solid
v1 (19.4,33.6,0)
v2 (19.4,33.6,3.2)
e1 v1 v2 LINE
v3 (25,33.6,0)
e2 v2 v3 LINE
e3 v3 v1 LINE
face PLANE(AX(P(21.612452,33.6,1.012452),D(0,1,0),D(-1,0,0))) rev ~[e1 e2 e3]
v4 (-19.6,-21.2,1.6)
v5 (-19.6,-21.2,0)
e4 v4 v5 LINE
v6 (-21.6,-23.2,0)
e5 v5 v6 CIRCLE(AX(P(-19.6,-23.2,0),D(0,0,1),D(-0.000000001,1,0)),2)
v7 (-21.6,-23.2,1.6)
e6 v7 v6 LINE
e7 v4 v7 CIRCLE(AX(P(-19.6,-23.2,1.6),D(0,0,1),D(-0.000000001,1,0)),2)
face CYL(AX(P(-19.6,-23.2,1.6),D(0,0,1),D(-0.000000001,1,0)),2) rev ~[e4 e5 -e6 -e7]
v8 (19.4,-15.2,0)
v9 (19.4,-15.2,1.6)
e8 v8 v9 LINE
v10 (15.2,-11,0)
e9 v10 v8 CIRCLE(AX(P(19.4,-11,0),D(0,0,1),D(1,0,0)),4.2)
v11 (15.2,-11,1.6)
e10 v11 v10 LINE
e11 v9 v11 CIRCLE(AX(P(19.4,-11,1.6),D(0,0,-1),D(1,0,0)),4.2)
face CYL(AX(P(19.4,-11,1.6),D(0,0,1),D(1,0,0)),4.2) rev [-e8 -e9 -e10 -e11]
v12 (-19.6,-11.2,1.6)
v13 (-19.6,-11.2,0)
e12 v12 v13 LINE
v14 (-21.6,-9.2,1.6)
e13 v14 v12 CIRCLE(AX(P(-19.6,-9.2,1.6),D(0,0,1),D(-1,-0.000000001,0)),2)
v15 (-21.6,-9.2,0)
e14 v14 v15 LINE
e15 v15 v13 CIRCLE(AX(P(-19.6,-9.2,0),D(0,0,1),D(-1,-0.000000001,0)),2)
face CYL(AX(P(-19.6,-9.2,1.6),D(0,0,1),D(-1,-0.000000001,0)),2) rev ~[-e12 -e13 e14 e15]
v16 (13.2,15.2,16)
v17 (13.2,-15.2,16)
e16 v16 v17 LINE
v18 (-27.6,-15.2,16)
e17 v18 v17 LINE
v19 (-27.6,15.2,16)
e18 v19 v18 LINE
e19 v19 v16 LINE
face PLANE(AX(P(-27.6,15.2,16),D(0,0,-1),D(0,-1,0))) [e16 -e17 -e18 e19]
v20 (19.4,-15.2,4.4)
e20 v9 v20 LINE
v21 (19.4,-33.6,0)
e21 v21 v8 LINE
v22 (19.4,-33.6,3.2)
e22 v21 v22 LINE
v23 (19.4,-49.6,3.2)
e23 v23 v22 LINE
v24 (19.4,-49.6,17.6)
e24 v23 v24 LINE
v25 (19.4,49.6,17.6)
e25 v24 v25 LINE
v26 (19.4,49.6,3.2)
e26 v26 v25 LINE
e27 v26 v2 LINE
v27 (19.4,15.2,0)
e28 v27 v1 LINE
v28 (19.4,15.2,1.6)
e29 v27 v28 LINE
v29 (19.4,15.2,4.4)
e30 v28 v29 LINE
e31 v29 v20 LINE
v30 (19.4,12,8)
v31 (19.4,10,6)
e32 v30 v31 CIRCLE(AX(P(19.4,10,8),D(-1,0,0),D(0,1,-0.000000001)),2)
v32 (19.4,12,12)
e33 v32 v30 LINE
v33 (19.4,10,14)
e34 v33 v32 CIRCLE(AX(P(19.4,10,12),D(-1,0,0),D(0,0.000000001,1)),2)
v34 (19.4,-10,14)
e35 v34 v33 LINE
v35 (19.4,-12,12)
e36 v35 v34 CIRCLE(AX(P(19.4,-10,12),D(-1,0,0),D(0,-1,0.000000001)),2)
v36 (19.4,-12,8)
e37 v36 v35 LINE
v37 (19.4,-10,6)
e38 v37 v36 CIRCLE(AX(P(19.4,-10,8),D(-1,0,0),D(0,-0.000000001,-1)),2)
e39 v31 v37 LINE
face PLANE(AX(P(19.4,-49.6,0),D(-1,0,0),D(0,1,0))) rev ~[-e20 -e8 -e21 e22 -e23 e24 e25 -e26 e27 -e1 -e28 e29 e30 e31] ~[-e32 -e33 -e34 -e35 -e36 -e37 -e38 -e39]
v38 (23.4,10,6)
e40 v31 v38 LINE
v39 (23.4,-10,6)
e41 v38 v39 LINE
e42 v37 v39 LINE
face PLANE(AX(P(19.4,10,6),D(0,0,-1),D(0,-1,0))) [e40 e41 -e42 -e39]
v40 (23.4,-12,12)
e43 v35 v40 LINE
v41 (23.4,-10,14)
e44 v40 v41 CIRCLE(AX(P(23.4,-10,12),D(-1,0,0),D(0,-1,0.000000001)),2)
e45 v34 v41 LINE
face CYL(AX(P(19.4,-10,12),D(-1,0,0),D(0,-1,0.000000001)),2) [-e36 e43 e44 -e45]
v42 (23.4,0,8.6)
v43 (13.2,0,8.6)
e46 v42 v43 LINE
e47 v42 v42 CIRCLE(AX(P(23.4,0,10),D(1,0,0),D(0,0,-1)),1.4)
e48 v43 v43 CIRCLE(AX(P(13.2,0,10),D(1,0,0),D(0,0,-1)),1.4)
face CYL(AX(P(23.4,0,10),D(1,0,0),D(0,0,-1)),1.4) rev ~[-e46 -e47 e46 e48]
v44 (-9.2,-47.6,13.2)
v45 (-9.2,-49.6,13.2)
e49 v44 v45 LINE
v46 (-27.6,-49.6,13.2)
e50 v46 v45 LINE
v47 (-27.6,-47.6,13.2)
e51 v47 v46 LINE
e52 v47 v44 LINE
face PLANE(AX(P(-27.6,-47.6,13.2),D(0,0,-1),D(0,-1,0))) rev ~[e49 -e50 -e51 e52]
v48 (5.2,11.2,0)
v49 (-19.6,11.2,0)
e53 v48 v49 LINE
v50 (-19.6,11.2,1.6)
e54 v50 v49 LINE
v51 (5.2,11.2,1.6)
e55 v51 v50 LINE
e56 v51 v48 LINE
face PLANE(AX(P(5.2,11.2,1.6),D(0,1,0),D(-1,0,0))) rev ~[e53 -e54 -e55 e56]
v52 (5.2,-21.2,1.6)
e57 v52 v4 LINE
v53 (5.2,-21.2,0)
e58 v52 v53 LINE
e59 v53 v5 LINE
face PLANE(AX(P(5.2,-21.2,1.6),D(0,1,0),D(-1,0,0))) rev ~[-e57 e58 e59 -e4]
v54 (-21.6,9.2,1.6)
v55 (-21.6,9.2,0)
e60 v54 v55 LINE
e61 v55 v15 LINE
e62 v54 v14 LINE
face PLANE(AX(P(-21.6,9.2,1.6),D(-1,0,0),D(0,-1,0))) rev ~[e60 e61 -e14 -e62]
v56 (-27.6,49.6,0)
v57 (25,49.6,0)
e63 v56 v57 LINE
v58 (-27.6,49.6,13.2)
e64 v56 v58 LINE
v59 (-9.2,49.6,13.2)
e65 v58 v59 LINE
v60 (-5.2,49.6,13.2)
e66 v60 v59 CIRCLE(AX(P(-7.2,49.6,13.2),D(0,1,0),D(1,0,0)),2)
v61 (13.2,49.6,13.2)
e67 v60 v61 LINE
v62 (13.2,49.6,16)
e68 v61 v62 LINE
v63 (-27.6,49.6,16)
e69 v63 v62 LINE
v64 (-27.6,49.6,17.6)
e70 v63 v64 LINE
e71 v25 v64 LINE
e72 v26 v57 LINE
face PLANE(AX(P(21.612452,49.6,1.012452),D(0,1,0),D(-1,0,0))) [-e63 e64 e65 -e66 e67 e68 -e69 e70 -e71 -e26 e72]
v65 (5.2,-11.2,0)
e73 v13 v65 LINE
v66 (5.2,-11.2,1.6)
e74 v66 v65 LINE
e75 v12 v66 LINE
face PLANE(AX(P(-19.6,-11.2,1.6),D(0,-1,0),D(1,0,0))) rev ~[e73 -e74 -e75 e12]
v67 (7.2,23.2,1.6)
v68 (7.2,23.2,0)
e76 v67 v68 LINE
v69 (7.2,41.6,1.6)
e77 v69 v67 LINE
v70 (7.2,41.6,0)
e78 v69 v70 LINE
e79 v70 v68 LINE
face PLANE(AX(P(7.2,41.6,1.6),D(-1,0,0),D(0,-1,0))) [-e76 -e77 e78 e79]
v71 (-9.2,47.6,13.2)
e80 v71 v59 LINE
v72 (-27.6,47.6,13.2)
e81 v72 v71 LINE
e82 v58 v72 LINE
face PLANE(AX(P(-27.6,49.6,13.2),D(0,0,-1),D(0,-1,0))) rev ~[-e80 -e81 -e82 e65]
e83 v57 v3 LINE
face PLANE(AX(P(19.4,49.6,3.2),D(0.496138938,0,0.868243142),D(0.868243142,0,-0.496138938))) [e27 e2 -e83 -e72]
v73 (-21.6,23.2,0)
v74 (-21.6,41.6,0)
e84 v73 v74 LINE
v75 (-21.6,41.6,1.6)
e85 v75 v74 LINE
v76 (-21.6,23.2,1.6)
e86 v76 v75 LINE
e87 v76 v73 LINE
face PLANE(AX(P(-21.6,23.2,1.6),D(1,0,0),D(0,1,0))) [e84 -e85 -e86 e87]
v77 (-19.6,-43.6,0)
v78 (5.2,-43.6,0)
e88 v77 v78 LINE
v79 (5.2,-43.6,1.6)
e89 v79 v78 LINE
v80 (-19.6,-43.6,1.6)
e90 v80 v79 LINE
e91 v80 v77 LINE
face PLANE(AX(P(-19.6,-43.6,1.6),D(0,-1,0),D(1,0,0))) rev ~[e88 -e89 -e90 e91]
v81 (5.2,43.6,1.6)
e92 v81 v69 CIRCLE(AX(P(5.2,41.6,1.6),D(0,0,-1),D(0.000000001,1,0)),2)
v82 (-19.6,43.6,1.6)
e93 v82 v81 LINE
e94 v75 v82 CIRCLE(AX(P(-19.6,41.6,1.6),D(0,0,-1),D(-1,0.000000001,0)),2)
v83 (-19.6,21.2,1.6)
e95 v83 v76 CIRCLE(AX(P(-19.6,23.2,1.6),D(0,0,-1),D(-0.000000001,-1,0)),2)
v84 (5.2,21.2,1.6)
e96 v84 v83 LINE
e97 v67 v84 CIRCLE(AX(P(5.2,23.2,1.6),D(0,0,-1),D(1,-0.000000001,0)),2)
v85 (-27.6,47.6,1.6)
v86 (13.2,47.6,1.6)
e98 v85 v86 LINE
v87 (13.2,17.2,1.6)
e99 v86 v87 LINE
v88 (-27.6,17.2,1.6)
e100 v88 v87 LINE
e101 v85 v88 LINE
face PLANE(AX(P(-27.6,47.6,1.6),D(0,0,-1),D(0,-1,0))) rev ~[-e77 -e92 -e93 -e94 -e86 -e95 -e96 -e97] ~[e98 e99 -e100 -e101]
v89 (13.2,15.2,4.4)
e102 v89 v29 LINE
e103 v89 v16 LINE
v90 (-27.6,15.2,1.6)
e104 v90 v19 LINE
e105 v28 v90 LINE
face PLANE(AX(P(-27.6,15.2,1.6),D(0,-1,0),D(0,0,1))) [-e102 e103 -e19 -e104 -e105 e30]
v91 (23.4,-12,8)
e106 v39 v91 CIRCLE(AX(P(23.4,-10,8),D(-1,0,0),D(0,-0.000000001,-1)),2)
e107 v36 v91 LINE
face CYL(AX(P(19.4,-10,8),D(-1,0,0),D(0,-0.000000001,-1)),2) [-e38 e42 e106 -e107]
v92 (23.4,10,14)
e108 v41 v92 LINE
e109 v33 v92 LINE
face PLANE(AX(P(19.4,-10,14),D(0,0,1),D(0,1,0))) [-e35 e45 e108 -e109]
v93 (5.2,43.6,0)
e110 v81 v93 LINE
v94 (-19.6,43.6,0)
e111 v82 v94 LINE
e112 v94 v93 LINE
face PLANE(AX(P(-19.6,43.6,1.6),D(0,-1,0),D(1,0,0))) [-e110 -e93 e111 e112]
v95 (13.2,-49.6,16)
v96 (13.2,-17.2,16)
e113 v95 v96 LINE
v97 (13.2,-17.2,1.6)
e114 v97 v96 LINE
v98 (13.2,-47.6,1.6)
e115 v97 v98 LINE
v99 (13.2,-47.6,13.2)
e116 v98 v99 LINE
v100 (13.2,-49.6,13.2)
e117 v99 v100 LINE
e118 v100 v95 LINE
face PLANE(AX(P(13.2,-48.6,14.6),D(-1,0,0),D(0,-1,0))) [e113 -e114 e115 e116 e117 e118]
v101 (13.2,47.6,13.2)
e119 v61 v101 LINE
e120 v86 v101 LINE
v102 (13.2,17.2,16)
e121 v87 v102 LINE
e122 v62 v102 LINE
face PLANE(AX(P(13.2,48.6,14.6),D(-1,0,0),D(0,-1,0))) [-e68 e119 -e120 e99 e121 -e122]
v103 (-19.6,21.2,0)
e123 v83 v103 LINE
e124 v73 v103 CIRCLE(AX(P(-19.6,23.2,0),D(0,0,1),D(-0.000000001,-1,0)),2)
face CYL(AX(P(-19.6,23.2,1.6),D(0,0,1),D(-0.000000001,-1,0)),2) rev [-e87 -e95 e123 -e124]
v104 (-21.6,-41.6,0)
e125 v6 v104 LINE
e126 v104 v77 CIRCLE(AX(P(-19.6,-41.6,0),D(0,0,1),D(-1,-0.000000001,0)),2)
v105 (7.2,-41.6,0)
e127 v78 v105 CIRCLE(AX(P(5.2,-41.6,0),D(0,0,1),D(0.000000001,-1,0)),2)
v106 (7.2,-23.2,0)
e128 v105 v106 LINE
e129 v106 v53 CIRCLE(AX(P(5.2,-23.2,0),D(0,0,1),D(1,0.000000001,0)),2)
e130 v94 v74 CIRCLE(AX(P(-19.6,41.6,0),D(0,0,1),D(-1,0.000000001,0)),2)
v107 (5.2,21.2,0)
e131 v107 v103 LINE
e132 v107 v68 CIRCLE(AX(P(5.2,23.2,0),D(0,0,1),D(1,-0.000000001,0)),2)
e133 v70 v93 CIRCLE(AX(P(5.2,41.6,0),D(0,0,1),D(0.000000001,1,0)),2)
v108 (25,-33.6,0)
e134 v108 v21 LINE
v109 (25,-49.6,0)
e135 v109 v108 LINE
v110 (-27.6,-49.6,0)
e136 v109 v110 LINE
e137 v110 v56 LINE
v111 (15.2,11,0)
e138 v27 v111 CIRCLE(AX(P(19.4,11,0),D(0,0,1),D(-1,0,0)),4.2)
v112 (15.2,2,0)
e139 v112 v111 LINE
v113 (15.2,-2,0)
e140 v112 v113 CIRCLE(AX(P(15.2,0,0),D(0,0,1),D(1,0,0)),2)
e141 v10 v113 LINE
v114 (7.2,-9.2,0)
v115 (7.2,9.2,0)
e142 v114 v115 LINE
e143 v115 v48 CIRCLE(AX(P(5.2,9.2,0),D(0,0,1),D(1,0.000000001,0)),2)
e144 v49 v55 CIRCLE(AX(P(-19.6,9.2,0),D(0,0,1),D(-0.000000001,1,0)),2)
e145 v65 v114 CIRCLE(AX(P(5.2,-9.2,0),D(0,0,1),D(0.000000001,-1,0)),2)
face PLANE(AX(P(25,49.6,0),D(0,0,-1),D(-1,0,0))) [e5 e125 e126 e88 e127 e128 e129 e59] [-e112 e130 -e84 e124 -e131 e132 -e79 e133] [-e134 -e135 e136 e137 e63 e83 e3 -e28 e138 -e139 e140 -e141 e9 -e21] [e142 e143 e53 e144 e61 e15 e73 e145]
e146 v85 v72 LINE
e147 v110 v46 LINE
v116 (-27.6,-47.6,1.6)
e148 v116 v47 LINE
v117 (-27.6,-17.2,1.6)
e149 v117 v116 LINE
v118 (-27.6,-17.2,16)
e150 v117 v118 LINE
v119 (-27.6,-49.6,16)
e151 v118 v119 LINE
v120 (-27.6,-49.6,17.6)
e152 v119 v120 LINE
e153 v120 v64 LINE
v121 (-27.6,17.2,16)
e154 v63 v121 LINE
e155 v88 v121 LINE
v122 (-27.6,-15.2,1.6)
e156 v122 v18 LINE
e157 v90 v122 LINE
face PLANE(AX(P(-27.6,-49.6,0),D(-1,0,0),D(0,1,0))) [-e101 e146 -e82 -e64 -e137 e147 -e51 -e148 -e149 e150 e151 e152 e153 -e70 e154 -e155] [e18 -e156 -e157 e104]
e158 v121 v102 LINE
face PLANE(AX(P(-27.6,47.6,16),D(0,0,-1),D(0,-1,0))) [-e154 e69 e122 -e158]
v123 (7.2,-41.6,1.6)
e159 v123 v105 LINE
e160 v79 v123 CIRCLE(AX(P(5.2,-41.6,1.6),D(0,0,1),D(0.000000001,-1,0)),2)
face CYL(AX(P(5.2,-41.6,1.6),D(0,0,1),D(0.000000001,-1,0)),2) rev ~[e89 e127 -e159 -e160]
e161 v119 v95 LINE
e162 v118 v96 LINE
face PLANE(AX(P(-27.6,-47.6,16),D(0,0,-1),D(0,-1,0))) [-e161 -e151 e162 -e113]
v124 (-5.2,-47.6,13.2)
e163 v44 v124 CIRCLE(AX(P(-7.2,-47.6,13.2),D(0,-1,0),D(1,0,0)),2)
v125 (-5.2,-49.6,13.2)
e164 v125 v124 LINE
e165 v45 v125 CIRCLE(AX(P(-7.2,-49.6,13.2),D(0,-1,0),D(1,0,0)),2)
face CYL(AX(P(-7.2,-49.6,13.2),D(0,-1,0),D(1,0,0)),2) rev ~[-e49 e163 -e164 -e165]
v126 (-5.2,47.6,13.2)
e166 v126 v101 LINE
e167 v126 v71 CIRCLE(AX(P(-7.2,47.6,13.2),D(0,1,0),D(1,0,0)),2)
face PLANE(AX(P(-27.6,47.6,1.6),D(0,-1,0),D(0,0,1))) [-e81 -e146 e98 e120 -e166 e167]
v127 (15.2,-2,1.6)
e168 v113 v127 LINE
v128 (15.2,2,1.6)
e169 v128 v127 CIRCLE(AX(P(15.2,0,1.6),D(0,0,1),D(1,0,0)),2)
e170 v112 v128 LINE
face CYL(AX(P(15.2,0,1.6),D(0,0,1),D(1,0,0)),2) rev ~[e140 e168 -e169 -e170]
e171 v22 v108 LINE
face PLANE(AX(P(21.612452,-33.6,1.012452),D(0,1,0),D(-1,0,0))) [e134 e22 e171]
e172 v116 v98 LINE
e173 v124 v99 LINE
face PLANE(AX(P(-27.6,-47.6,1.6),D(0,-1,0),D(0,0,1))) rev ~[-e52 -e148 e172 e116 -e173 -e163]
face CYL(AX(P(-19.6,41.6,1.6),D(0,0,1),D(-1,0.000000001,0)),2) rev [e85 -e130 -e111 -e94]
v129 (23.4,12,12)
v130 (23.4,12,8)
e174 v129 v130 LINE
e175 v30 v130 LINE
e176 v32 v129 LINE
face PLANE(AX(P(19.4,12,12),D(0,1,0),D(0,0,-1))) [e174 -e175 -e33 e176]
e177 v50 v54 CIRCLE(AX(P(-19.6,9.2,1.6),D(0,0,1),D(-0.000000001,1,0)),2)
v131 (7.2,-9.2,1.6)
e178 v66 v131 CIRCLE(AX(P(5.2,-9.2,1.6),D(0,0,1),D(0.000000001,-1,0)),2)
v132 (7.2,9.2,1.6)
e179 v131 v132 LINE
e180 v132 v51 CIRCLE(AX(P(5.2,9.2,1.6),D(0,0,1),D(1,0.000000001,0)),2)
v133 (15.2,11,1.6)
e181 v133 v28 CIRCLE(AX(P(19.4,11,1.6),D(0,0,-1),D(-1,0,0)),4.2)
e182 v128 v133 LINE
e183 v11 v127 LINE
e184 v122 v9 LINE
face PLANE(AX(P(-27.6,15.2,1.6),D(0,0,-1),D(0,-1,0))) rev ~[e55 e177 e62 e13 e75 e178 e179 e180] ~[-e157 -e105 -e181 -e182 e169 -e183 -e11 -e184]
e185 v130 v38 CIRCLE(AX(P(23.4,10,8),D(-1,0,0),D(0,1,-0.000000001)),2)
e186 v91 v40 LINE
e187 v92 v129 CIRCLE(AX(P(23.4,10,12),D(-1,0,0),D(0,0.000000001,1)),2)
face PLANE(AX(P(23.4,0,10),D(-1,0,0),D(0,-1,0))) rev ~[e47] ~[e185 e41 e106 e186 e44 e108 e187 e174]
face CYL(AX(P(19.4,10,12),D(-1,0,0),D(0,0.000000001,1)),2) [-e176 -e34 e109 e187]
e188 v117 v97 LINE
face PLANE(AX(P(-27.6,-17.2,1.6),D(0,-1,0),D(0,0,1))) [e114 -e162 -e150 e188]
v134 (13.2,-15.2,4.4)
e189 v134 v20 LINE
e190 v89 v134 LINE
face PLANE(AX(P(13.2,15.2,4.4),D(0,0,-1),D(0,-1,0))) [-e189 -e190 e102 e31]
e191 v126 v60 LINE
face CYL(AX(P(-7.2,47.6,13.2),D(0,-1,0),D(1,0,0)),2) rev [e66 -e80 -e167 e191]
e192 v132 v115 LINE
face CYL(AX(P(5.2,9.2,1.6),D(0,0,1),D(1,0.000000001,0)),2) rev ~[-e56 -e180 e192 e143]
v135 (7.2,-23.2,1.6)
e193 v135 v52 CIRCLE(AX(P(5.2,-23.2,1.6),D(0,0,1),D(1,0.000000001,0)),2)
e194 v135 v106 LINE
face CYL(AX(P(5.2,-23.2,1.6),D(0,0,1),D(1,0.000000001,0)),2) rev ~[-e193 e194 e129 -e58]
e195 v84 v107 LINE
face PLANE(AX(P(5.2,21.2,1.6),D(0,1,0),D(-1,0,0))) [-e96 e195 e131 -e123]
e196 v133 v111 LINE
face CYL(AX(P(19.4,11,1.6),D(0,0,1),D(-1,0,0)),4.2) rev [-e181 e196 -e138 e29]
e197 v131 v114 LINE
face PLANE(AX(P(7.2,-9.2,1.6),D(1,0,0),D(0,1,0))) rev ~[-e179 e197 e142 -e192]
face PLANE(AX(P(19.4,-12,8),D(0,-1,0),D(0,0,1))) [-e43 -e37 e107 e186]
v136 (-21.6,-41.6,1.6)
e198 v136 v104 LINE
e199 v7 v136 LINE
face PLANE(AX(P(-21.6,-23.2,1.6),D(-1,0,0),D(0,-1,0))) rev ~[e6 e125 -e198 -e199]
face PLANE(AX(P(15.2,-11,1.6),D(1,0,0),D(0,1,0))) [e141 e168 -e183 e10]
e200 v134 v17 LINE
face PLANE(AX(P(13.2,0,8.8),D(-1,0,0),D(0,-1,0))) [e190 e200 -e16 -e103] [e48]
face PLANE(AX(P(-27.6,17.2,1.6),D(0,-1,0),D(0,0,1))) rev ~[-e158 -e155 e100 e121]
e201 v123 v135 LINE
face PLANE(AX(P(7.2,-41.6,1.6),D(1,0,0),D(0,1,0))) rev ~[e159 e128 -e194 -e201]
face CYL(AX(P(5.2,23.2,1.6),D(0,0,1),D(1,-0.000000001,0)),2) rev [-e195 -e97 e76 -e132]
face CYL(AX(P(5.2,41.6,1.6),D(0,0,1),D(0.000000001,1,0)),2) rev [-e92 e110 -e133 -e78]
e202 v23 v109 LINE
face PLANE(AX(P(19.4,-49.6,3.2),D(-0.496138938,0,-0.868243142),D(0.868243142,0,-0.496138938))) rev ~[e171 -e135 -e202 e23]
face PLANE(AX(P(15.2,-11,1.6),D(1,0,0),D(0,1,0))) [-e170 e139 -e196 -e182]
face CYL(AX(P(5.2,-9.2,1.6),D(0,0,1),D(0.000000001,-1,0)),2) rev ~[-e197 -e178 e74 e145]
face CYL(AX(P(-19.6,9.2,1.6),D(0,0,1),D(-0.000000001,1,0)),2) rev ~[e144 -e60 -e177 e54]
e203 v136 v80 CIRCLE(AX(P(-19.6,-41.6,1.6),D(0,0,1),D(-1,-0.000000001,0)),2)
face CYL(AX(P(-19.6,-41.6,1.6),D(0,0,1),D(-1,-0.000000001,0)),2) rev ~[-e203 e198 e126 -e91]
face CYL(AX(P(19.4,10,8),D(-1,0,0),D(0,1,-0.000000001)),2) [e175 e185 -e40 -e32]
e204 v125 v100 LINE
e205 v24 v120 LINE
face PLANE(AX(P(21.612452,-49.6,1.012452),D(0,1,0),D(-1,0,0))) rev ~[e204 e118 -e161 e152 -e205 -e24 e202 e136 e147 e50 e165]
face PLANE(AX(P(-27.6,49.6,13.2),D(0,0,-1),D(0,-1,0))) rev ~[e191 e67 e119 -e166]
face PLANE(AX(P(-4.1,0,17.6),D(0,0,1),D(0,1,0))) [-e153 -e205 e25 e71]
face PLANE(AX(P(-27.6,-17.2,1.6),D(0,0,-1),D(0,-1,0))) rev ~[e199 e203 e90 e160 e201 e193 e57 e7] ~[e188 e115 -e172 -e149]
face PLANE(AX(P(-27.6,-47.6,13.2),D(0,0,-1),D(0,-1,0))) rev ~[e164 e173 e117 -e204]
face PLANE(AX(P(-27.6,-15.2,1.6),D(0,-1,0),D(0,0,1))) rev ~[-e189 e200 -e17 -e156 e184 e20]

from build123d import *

# Parameters (mm, degrees)
CROQUIS1_W             = 99.2
CROQUIS1_H             = 47
BASE_DEPTH             = 17.6
CROQUIS2_W             = 30.4
CROQUIS2_H             = 14.4
PLATES_DEPTH           = 40.8
CROQUIS4_W             = 2
CROQUIS4_H             = 2.8
WINDOW_LATERAL_1_DEPTH = 40.8
CROQUIS5_R             = 2
WINDOW_LATERAL_2_DEPTH = 2
WINDOW_LATERAL_3_START = -2
WINDOW_LATERAL_3_DEPTH = 2
CROQUIS7_W             = 30.4
CROQUIS7_H             = 2.8
WINDOW_BEHIND_1_DEPTH  = 6.2
WINDOW_BEHIND_2_DEPTH  = 59.973892529
CROQUIS9_R             = 2
WINDOW_BEHIND_3_DEPTH  = 59.973892529
WINDOW_BOTTOM_DEPTH    = 59.973892529
ROTOR_JOIN_1_DEPTH     = 4
CROQUIS12_R            = 1.4
ROTOR_JOIN_2_DEPTH     = 10.2
ROTOR_LIMIT_1_DEPTH    = 16
ROTOR_LIMIT_2_DEPTH    = 16


with BuildPart() as part:
    # Croquis1 → BASE (new body)
    with BuildSketch(Plane(origin=(0, 0, 0), x_dir=(0, 1, 0), z_dir=(0, 0, 1))):
        with Locations((0, 4.1)):
            Rectangle(CROQUIS1_W, CROQUIS1_H)
    extrude(amount=BASE_DEPTH)

    # Croquis2 → PLATES (cut)
    with BuildSketch(Plane(origin=(-27.6, 0, 0), x_dir=(0, -1, 0), z_dir=(-1, 0, 0))):
        with Locations((-32.4, 8.8)):
            Rectangle(CROQUIS2_W, CROQUIS2_H)
        with Locations((0, 8.8)):
            Rectangle(CROQUIS2_W, CROQUIS2_H)
        with Locations((32.4, 8.8)):
            Rectangle(CROQUIS2_W, CROQUIS2_H)
    extrude(amount=-PLATES_DEPTH, mode=Mode.SUBTRACT)

    # Croquis4 → WINDOW_LATERAL_1 (cut)
    with BuildSketch(Plane(origin=(-27.6, 0, 0), x_dir=(0, -1, 0), z_dir=(-1, 0, 0))):
        with Locations((48.6, 14.6)):
            Rectangle(CROQUIS4_W, CROQUIS4_H)
        with Locations((-48.6, 14.6)):
            Rectangle(CROQUIS4_W, CROQUIS4_H)
    extrude(amount=-WINDOW_LATERAL_1_DEPTH, mode=Mode.SUBTRACT)

    # Croquis5 → WINDOW_LATERAL_2 (cut)
    with BuildSketch(Plane.XZ.offset(49.6)):
        with Locations((-7.2, 13.2)):
            Circle(CROQUIS5_R)
    extrude(amount=-WINDOW_LATERAL_2_DEPTH, mode=Mode.SUBTRACT)

    # Croquis6 → WINDOW_LATERAL_3 (cut)
    with BuildSketch(Plane(origin=(0, 49.6, 0), x_dir=(-1, 0, 0), z_dir=(0, 1, 0)).offset(WINDOW_LATERAL_3_START)):
        with BuildLine():
            Line((9.2, 13.2), (5.2, 13.2))
            ThreePointArc((5.2, 13.2), (7.2, 11.2), (9.2, 13.2))
        make_face()
    extrude(amount=WINDOW_LATERAL_3_DEPTH, mode=Mode.SUBTRACT)

    # Croquis7 → WINDOW_BEHIND_1 (cut)
    with BuildSketch(Plane(origin=(13.2, 0, 0), x_dir=(0, -1, 0), z_dir=(-1, 0, 0))):
        with Locations((0, 3)):
            Rectangle(CROQUIS7_W, CROQUIS7_H)
    extrude(amount=-WINDOW_BEHIND_1_DEPTH, mode=Mode.SUBTRACT)

    # Croquis8 → WINDOW_BEHIND_2 (cut, through all)
    with BuildSketch(Plane.XY.offset(1.6)):
        with BuildLine():
            Line((15.2, -11), (15.2, 11))
            ThreePointArc((15.2, 11), (19.4, 15.2), (23.6, 11))
            Line((23.6, 11), (23.6, -11))
            ThreePointArc((23.6, -11), (19.4, -15.2), (15.2, -11))
        make_face()
    extrude(amount=-WINDOW_BEHIND_2_DEPTH, mode=Mode.SUBTRACT)

    # Croquis9 → WINDOW_BEHIND_3 (cut, through all)
    with BuildSketch(Plane.XY.offset(1.6)):
        with Locations((15.2, 0)):
            Circle(CROQUIS9_R)
    extrude(amount=-WINDOW_BEHIND_3_DEPTH, mode=Mode.SUBTRACT)

    # Croquis10 → WINDOW_BOTTOM (cut, through all)
    with BuildSketch(Plane.XY.offset(1.6)):
        with BuildLine():
            Line((5.2, 11.2), (-19.6, 11.2))
            ThreePointArc((-19.6, 11.2), (-21.014213562, 10.614213562), (-21.6, 9.2))
            Line((-21.6, 9.2), (-21.6, -9.2))
            ThreePointArc((-21.6, -9.2), (-21.014213562, -10.614213562), (-19.6, -11.2))
            Line((-19.6, -11.2), (5.2, -11.2))
            ThreePointArc((5.2, -11.2), (6.614213562, -10.614213562), (7.2, -9.2))
            Line((7.2, -9.2), (7.2, 9.2))
            ThreePointArc((7.2, 9.2), (6.614213562, 10.614213562), (5.2, 11.2))
        make_face()
        with BuildLine():
            Line((7.2, 41.6), (7.2, 23.2))
            ThreePointArc((7.2, 23.2), (6.614213562, 21.785786438), (5.2, 21.2))
            Line((5.2, 21.2), (-19.6, 21.2))
            ThreePointArc((-19.6, 21.2), (-21.014213562, 21.785786438), (-21.6, 23.2))
            Line((-21.6, 23.2), (-21.6, 41.6))
            ThreePointArc((-21.6, 41.6), (-21.014213562, 43.014213562), (-19.6, 43.6))
            Line((-19.6, 43.6), (5.2, 43.6))
            ThreePointArc((5.2, 43.6), (6.614213562, 43.014213562), (7.2, 41.6))
        make_face()
        with BuildLine():
            Line((5.2, -21.2), (-19.6, -21.2))
            ThreePointArc((-19.6, -21.2), (-21.014213562, -21.785786438), (-21.6, -23.2))
            Line((-21.6, -23.2), (-21.6, -41.6))
            ThreePointArc((-21.6, -41.6), (-21.014213562, -43.014213562), (-19.6, -43.6))
            Line((-19.6, -43.6), (5.2, -43.6))
            ThreePointArc((5.2, -43.6), (6.614213562, -43.014213562), (7.2, -41.6))
            Line((7.2, -41.6), (7.2, -23.2))
            ThreePointArc((7.2, -23.2), (6.614213562, -21.785786438), (5.2, -21.2))
        make_face()
    extrude(amount=-WINDOW_BOTTOM_DEPTH, mode=Mode.SUBTRACT)

    # Croquis11 → ROTOR_JOIN_1 (add)
    with BuildSketch(Plane.YZ.offset(19.4)):
        with BuildLine():
            Line((-10, 14), (10, 14))
            ThreePointArc((10, 14), (11.414213562, 13.414213562), (12, 12))
            Line((12, 12), (12, 8))
            ThreePointArc((12, 8), (11.414213562, 6.585786438), (10, 6))
            Line((10, 6), (-10, 6))
            ThreePointArc((-10, 6), (-11.414213562, 6.585786438), (-12, 8))
            Line((-12, 8), (-12, 12))
            ThreePointArc((-12, 12), (-11.414213562, 13.414213562), (-10, 14))
        make_face()
    extrude(amount=ROTOR_JOIN_1_DEPTH)

    # Croquis12 → ROTOR_JOIN_2 (cut)
    with BuildSketch(Plane.YZ.offset(23.4)):
        with Locations(Location((0, 10, 0), (0, 0, 270))):
            Circle(CROQUIS12_R)
    extrude(amount=-ROTOR_JOIN_2_DEPTH, mode=Mode.SUBTRACT)

    # Croquis14 → ROTOR_LIMIT_1 (add)
    with BuildSketch(Plane.XZ.offset(49.6)):
        Polygon((19.4, 0), (19.4, 3.2), (25, 0), align=None)
    extrude(amount=-ROTOR_LIMIT_1_DEPTH)

    # Croquis15 → ROTOR_LIMIT_2 (add)
    with BuildSketch(Plane(origin=(0, 49.6, 0), x_dir=(-1, 0, 0), z_dir=(0, 1, 0))):
        Polygon((-25, 0), (-19.4, 0), (-19.4, 3.2), align=None)
    extrude(amount=-ROTOR_LIMIT_2_DEPTH)


solid = part.part
